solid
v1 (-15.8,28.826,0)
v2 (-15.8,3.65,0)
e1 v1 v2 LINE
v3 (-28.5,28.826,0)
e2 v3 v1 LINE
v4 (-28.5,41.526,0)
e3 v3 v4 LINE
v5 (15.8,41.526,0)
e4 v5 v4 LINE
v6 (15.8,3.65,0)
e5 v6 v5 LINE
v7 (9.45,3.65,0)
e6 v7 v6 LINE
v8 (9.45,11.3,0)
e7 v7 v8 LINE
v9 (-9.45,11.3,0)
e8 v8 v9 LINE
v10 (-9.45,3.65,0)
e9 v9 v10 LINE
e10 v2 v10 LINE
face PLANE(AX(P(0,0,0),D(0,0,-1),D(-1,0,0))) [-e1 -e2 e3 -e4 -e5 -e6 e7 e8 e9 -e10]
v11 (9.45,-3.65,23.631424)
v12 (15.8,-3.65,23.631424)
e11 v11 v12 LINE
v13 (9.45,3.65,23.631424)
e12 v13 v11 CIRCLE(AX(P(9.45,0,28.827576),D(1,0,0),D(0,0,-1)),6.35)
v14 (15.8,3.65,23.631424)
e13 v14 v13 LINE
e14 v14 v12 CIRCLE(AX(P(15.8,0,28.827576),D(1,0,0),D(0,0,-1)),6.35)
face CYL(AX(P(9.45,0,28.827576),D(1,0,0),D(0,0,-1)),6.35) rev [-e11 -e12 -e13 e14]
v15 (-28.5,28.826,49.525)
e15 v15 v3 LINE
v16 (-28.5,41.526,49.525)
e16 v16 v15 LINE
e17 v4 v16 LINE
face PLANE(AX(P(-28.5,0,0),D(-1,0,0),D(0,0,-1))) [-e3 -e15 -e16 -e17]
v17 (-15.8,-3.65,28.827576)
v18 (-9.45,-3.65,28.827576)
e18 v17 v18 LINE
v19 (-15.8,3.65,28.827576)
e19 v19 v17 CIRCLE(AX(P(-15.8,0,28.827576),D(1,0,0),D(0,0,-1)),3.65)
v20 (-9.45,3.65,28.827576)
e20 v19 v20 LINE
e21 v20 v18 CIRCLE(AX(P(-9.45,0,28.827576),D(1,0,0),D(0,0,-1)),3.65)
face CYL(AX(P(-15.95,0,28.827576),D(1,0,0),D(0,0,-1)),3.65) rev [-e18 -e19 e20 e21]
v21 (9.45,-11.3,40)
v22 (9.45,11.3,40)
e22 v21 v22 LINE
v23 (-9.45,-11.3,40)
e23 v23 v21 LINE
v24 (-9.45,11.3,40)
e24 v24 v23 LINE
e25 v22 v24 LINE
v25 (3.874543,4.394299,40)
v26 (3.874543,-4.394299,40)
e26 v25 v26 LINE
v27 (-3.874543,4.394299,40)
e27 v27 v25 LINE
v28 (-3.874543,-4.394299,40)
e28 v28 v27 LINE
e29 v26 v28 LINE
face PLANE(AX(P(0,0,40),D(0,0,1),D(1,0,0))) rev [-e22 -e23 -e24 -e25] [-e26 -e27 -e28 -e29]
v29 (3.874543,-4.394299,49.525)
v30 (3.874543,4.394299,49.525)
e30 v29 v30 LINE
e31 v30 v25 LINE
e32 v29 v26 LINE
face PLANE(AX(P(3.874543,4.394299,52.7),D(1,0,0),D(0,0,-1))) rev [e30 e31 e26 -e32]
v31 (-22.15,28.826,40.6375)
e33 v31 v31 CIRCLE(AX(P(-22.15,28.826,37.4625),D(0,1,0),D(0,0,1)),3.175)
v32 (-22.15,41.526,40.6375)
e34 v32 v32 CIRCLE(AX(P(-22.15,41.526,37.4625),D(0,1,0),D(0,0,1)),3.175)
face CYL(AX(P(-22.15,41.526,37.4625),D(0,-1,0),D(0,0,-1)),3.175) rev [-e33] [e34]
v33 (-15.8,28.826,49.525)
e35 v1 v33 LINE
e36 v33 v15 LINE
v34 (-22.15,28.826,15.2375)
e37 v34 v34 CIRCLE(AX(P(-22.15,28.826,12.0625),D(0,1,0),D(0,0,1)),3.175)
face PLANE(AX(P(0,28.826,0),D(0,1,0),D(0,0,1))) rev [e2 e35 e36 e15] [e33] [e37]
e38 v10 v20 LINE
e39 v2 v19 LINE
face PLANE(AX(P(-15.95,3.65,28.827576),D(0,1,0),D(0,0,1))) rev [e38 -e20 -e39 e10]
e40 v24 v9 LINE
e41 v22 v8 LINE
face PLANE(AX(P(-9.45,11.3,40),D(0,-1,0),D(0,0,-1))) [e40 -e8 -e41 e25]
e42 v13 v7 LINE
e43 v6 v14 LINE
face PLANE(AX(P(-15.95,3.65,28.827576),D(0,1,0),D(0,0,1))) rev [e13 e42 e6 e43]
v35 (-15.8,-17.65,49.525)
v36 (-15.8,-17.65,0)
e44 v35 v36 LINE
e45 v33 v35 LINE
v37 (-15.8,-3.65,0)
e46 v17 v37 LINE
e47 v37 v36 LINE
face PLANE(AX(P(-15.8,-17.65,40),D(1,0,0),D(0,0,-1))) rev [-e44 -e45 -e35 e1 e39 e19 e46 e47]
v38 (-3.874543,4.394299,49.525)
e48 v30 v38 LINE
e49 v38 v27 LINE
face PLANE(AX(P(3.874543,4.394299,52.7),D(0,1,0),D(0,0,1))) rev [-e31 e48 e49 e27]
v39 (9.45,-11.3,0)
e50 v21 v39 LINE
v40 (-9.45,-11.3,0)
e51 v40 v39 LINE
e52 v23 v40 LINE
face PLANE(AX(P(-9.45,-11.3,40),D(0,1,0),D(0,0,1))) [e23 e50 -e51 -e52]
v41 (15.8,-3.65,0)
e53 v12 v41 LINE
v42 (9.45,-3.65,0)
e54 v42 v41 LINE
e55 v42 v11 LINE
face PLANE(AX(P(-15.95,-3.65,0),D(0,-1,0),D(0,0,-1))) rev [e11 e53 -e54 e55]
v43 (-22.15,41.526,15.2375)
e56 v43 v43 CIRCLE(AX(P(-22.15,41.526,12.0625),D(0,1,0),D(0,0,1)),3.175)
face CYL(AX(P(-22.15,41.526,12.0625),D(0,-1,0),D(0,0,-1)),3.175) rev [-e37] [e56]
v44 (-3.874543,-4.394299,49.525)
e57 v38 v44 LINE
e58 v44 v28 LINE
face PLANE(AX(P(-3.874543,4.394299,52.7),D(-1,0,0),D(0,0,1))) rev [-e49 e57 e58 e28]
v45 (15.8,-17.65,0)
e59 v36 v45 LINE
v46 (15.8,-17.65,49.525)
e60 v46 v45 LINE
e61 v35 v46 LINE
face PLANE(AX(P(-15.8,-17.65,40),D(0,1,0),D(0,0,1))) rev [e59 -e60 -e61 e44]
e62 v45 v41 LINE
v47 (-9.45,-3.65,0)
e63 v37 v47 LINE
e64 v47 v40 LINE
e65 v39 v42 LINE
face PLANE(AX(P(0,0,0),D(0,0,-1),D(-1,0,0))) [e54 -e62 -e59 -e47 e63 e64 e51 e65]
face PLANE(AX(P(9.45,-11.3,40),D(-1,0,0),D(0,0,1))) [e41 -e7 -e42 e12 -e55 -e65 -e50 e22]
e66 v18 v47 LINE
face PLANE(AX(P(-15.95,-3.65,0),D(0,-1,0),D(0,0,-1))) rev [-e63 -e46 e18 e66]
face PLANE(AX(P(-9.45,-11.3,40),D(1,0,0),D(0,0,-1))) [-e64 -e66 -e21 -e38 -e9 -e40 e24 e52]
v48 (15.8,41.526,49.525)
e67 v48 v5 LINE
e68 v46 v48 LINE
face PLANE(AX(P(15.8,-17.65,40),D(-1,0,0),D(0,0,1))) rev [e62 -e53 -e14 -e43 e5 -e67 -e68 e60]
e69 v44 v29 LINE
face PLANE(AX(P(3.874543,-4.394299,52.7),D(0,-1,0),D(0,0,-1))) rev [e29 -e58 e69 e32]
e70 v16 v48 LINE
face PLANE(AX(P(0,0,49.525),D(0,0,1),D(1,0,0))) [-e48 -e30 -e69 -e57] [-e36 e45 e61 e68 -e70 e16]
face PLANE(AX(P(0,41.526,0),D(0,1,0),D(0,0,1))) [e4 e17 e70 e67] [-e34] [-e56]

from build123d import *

# Parameters (mm, degrees)
SKETCH1_W           = 31.6
SKETCH1_H           = 35.300000012
SKETCH1_W_2         = 18.9
SKETCH1_H_2         = 22.600000012
BOSS_EXTRUDE1_DEPTH = 40
SKETCH2_W           = 31.6
SKETCH2_H           = 35.300000012
SKETCH2_W_2         = 18.9
SKETCH2_H_2         = 22.600000012
BOSS_EXTRUDE2_DEPTH = 9.525
SKETCH3_W           = 7.74908697
SKETCH3_H           = 8.788598638
CUT_EXTRUDE1_DEPTH  = 12.7
CUT_EXTRUDE2_DEPTH  = 31.75
SKETCH6_W           = 31.6
SKETCH6_H           = 49.525
BOSS_EXTRUDE3_DEPTH = 11.176
BOSS_EXTRUDE4_START = -44.45
SKETCH7_W           = 49.525
SKETCH7_H           = 6.35
BOSS_EXTRUDE4_DEPTH = 57.15
SKETCH8_R           = 3.175
CUT_EXTRUDE3_DEPTH  = 6.35
SKETCH9_W           = 12.85
SKETCH9_H           = 49.525
CUT_EXTRUDE4_DEPTH  = 6.35
SKETCH11_R          = 3.429
SKETCH11_W          = 12.85
SKETCH11_H          = 49.525
CUT_EXTRUDE5_DEPTH  = 6.35
SKETCH12_R          = 6.35
CUT_EXTRUDE6_DEPTH  = 6.35
SKETCH13_W          = 44.3
SKETCH13_H          = 49.525
SKETCH13_R          = 3.175
BOSS_EXTRUDE5_DEPTH = 12.7
SKETCH14_W          = 12.7
SKETCH14_H          = 49.525
SKETCH14_R          = 3.175
CUT_EXTRUDE7_DEPTH  = 6.35


with BuildPart() as part:
    # Sketch1 → Boss-Extrude1 (new body)
    with BuildSketch(Plane.XY):
        Rectangle(SKETCH1_W, SKETCH1_H)
        Rectangle(SKETCH1_W_2, SKETCH1_H_2, mode=Mode.SUBTRACT)
    extrude(amount=BOSS_EXTRUDE1_DEPTH)

    # Sketch2 → Boss-Extrude2 (add)
    # profile 1 of 2: a face of its own
    with BuildSketch(Plane.XY.offset(40)):
        Rectangle(SKETCH2_W, SKETCH2_H)
        Rectangle(SKETCH2_W_2, SKETCH2_H_2, mode=Mode.SUBTRACT)
    # profile 2 of 2: a face of its own
    with BuildSketch(Plane.XY.offset(40)):
        Rectangle(SKETCH2_W_2, SKETCH2_H_2)
    extrude(amount=BOSS_EXTRUDE2_DEPTH)

    # Sketch3 → Cut-Extrude1 (cut)
    with BuildSketch(Plane(origin=(0, 0, 40), x_dir=(-1, 0, 0), z_dir=(0, 0, -1))):
        Rectangle(SKETCH3_W, SKETCH3_H)
    extrude(amount=-CUT_EXTRUDE1_DEPTH, mode=Mode.SUBTRACT)

    # Sketch5 → Cut-Extrude2 (cut)
    with BuildSketch(Plane(origin=(15.8, 0, 0), x_dir=(0, 0, -1), z_dir=(1, 0, 0))):
        with BuildLine():
            Line((-28.827575985, 3.65), (0, 3.65))
            Line((0, 3.65), (0, -3.65))
            Line((0, -3.65), (-28.827575985, -3.65))
            ThreePointArc((-28.827575985, -3.65), (-32.477575985, 0), (-28.827575985, 3.65))
        make_face()
    extrude(amount=-CUT_EXTRUDE2_DEPTH, mode=Mode.SUBTRACT)

    # Sketch6 → Boss-Extrude3 (add)
    with BuildSketch(Plane(origin=(0, 17.650000006, 0), x_dir=(1, 0, 0), z_dir=(0, 1, 0))):
        with Locations((0, -24.7625)):
            Rectangle(SKETCH6_W, SKETCH6_H)
    extrude(amount=BOSS_EXTRUDE3_DEPTH)

    # Sketch7 → Boss-Extrude4 (add)
    with BuildSketch(Plane(origin=(15.8, 0, 0), x_dir=(0, 0, -1), z_dir=(1, 0, 0)).offset(BOSS_EXTRUDE4_START)):
        with Locations((-24.7625, 25.651000006)):
            Rectangle(SKETCH7_W, SKETCH7_H)
    boss_extrude4 = extrude(amount=BOSS_EXTRUDE4_DEPTH)

    # Sketch8 → Cut-Extrude3 (cut)
    with BuildSketch(Plane.XZ.offset(-22.476000006)):
        with Locations(Location((-22.225, 24.7625, 0), (0, 0, 270))):
            Circle(SKETCH8_R)
        with Locations(Location((22.15, 37.434572452, 0), (0, 0, 270))):
            Circle(SKETCH8_R)
        with Locations(Location((22.15, 12.034572452, 0), (0, 0, 270))):
            Circle(SKETCH8_R)
    extrude(amount=-CUT_EXTRUDE3_DEPTH, mode=Mode.SUBTRACT)

    # Sketch9 → Cut-Extrude4 (cut)
    with BuildSketch(Plane.XZ.offset(-22.476000006)):
        with Locations((-22.225, 24.7625)):
            Rectangle(SKETCH9_W, SKETCH9_H)
    extrude(amount=-CUT_EXTRUDE4_DEPTH, mode=Mode.SUBTRACT)

    # Mirror1: Boss-Extrude4 across plane
    add(boss_extrude4.mirror(Plane(origin=(0, 0, 0), x_dir=(0, 0, 1), z_dir=(1, 0, 0))))

    # Sketch11 → Cut-Extrude5 (cut)
    with BuildSketch(Plane(origin=(0, 28.826000006, 0), x_dir=(1, 0, 0), z_dir=(0, 1, 0))):
        with Locations(Location((-22.15, -37.4625, 0), (0, 0, 270))):
            Circle(SKETCH11_R)
        with Locations(Location((-22.15, -12.0625, 0), (0, 0, 270))):
            Circle(SKETCH11_R)
        with Locations((22.225, -24.7625)):
            Rectangle(SKETCH11_W, SKETCH11_H)
    extrude(amount=-CUT_EXTRUDE5_DEPTH, mode=Mode.SUBTRACT)

    # Sketch12 → Cut-Extrude6 (cut)
    with BuildSketch(Plane(origin=(15.8, 0, 0), x_dir=(0, 0, -1), z_dir=(1, 0, 0))):
        with Locations((-28.827575985, 0)):
            Circle(SKETCH12_R)
    extrude(amount=-CUT_EXTRUDE6_DEPTH, mode=Mode.SUBTRACT)

    # Sketch13 → Boss-Extrude5 (add)
    with BuildSketch(Plane(origin=(0, 28.826000006, 0), x_dir=(1, 0, 0), z_dir=(0, 1, 0))):
        with Locations((-6.35, -24.7625)):
            Rectangle(SKETCH13_W, SKETCH13_H)
        with Locations(Location((-22.15, -12.0625, 0), (0, 0, 270))):
            Circle(SKETCH13_R, mode=Mode.SUBTRACT)
        with Locations(Location((-22.15, -37.4625, 0), (0, 0, 270))):
            Circle(SKETCH13_R, mode=Mode.SUBTRACT)
    extrude(amount=BOSS_EXTRUDE5_DEPTH)

    # Sketch14 → Cut-Extrude7 (cut)
    with BuildSketch(Plane.XZ.offset(-22.476000006)):
        with Locations((-22.15, 24.7625)):
            Rectangle(SKETCH14_W, SKETCH14_H)
        with Locations(Location((-22.15, 37.4625, 0), (0, 0, 90))):
            Circle(SKETCH14_R, mode=Mode.SUBTRACT)
        with Locations(Location((-22.15, 12.0625, 0), (0, 0, 90))):
            Circle(SKETCH14_R, mode=Mode.SUBTRACT)
    extrude(amount=-CUT_EXTRUDE7_DEPTH, mode=Mode.SUBTRACT)


solid = part.part
